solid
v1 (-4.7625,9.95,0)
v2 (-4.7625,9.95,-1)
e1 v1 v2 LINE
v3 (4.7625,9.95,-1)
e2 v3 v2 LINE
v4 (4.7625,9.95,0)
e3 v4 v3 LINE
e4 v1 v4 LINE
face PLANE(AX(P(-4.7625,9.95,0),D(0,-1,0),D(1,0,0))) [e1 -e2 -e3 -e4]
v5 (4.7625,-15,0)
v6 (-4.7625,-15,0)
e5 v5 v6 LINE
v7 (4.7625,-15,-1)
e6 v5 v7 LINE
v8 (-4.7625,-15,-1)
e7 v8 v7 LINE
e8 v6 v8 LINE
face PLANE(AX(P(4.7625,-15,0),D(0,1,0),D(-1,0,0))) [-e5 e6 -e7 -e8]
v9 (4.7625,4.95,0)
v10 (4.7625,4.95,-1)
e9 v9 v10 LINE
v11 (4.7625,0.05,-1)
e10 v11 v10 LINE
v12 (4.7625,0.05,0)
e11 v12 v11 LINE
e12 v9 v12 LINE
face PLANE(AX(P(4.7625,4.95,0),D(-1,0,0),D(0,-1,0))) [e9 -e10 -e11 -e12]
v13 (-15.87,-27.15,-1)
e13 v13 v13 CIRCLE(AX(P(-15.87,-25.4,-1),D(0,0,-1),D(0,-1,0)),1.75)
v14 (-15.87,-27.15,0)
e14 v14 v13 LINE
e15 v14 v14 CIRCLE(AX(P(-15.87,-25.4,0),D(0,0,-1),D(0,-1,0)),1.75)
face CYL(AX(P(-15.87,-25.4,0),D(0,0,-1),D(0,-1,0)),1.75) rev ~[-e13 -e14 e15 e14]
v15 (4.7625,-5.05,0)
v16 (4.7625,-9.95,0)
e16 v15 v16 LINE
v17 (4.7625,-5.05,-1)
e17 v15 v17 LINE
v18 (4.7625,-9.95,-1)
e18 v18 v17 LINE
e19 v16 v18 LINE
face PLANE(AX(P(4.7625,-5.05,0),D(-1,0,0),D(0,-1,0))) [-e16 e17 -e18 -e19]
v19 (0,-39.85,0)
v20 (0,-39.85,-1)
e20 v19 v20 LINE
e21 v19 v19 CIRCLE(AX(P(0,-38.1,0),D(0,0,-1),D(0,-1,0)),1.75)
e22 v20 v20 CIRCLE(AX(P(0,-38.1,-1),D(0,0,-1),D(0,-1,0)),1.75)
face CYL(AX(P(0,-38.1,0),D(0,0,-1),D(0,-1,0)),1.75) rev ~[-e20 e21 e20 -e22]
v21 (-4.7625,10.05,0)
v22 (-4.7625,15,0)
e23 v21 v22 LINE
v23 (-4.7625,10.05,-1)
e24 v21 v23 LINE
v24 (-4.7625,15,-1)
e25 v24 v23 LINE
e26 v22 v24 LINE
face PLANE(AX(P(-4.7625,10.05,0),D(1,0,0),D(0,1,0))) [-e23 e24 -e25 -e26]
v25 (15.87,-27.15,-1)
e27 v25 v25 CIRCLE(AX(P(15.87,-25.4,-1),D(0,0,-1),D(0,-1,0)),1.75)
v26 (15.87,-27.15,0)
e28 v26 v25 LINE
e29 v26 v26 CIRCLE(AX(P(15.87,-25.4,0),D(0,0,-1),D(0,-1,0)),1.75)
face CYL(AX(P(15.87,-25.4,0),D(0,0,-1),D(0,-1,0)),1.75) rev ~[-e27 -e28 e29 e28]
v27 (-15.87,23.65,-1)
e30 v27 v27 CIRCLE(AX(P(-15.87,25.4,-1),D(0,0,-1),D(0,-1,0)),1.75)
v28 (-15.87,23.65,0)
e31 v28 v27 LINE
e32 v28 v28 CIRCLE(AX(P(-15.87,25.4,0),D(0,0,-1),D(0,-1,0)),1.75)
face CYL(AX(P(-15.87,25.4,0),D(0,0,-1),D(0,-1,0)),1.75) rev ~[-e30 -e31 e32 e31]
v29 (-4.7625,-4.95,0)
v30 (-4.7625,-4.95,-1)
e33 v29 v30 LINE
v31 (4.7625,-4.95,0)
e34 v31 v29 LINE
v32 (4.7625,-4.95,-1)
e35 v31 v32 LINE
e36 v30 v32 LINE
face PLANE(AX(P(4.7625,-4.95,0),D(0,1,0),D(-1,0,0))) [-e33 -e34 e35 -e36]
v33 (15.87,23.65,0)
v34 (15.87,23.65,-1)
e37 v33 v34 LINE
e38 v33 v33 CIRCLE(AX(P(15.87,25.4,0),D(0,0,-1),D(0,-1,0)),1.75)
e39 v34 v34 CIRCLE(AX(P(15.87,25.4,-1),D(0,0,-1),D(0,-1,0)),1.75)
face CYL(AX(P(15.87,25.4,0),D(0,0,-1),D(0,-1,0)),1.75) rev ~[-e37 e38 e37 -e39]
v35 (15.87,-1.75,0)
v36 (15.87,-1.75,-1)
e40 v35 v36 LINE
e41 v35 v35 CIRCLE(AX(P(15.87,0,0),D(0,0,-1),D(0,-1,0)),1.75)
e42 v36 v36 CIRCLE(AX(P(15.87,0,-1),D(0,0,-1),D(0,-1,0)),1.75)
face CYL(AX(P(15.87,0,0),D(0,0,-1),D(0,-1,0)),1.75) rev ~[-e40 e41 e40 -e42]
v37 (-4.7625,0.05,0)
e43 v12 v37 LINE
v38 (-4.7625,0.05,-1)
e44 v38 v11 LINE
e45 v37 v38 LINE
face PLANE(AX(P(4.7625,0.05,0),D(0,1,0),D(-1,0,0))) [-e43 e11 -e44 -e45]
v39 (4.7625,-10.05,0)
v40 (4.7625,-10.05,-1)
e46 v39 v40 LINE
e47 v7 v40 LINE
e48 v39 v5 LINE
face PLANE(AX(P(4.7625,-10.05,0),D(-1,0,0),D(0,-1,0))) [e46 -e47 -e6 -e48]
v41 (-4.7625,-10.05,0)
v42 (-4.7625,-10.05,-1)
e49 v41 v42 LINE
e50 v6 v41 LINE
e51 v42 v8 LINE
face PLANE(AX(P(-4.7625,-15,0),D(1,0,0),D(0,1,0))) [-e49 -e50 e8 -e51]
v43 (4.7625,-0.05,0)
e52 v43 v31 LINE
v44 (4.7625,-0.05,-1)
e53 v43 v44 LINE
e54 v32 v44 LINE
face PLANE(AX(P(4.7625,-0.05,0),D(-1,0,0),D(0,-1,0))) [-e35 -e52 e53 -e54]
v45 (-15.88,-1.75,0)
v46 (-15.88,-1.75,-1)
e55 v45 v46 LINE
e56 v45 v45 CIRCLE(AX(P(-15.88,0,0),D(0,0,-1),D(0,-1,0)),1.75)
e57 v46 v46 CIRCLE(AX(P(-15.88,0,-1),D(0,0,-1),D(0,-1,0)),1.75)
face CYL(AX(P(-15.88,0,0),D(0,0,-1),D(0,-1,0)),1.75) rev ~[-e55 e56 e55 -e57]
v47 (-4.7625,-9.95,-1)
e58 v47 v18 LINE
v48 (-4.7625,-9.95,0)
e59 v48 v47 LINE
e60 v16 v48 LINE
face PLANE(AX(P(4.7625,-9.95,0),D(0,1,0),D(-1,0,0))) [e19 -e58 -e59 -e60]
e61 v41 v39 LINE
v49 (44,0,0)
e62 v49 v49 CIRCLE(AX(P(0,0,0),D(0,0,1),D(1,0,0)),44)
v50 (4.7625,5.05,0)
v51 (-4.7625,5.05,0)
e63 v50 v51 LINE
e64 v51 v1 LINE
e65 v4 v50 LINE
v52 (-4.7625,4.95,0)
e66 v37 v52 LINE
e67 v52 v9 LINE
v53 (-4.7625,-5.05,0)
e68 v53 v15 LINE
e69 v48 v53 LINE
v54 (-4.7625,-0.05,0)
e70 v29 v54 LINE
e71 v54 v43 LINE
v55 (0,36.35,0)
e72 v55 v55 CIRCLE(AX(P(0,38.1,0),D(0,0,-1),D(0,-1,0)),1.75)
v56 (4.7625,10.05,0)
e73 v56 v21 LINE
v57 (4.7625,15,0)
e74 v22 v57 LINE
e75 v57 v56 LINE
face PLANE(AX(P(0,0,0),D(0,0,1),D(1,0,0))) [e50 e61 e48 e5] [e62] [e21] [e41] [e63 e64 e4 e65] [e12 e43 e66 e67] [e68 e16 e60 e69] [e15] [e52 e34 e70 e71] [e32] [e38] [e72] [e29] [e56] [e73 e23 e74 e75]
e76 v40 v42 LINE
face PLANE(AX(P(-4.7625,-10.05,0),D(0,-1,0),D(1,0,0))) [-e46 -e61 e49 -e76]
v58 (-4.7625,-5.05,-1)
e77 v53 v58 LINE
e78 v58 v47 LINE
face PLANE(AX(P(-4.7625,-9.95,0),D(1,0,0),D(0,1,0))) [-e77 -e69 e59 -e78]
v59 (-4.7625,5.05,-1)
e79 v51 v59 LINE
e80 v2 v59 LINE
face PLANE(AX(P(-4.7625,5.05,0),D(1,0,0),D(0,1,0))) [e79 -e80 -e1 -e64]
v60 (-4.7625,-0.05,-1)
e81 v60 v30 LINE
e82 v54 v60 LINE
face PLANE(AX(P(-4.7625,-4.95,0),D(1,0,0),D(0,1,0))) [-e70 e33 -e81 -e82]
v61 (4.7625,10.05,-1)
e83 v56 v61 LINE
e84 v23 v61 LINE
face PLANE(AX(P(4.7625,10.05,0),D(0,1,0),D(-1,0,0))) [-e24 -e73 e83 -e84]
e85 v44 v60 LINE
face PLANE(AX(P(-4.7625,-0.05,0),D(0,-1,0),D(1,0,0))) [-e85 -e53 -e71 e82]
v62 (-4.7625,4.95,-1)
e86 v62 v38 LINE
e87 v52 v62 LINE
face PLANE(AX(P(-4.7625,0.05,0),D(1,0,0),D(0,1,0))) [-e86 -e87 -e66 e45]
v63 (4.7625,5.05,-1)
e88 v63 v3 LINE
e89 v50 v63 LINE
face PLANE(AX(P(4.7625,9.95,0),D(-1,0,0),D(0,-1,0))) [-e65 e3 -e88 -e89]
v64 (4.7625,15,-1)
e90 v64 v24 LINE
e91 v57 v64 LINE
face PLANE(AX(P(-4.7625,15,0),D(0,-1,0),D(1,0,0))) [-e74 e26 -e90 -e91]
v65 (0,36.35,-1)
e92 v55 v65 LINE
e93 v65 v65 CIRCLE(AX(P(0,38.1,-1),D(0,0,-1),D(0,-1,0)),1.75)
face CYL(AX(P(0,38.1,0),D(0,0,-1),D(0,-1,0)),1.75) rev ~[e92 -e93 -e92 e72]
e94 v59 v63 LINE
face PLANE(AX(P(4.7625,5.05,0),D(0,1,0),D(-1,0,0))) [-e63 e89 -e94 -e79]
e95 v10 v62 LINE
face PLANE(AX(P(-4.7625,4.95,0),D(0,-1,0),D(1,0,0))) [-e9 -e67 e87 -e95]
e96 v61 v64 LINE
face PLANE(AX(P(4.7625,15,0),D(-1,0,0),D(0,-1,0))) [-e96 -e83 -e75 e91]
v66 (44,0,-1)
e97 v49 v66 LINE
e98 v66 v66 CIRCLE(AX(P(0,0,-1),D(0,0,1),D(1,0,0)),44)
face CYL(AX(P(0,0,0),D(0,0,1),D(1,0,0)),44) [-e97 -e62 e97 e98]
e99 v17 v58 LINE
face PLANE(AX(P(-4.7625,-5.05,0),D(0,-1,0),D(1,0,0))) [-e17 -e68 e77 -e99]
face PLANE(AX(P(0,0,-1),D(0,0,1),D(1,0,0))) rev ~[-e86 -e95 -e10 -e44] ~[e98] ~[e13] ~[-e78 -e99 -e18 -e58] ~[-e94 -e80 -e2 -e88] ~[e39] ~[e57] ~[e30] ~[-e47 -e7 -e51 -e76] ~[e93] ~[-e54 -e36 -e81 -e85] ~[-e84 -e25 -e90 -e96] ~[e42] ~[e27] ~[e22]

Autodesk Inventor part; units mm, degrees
ref_plane "YZ Plane" through (0, 0, 0) normal (1, 0, 0) x (0, 1, 0)
ref_plane "XZ Plane" through (0, 0, 0) normal (0, 1, 0) x (-1, 0, 0)
ref_plane "XY Plane" through (0, 0, 0) normal (0, 0, 1) x (1, 0, 0)
sketch "Sketch1" plane through (0, 0, 0) normal (0, 0, 1) x (1, 0, 0)
  circle A0 centre (0, 0) radius 44
  dimension "d0" = 88
extrude "Extrusion1" add sketch "Sketch1" against normal blind 1
sketch "Sketch2" plane through (0, 0, 0) normal (0, 0, 1) x (1, 0, 0)
  circle A0 centre (0, 0) radius 44 projected
  circle A1 centre (0, 38.1) radius 1.75
  circle A2 centre (0, -38.1) radius 1.75
  circle A3 centre (15.87, 0) radius 1.75
  circle A4 centre (-15.88, 0) radius 1.75
  circle A5 centre (-15.87, 25.4) radius 1.75
  circle A6 centre (-15.87, -25.4) radius 1.75
  circle A7 centre (15.87, 25.4) radius 1.75
  circle A8 centre (15.87, -25.4) radius 1.75
  dimension "d4" = 3.5
  dimension "d6" = 3.5
  dimension "d7" = 76.2
  dimension "d8" = 38.1
  dimension "d9" = 3.5
  dimension "d10" = 3.5
  dimension "d11" = 31.75
  dimension "d12" = 15.87
  dimension "d13" = 3.5
  dimension "d14" = 3.5
  dimension "d15" = 3.5
  dimension "d16" = 3.5
  dimension "d17" = 25.4
  dimension "d18" = 25.4
  dimension "d19" = 25.4
  dimension "d20" = 25.4
  dimension "d21" = 15.87
  dimension "d22" = 15.87
  dimension "d23" = 15.87
  dimension "d24" = 15.87
hole "Hole2" at (-15.87, 25.4, 0) at (0, 38.1, 0) at (15.87, 25.4, 0) at (15.87, 0, 0) at (15.87, -25.4, 0) at (0, -38.1, 0) at (-15.87, -25.4, 0) at (-15.88, 0, 0) direction (0, 0, -1) diameter 3.5 end through all
sketch "Sketch4" plane through (0, 0, 0) normal (0, 0, 1) x (1, 0, 0)
  circle A0 centre (0, 0) radius 44 projected
  line L0 (-4.7625, 15) -> (4.7625, 15)
  line L1 (4.7625, 15) -> (4.7625, 10.05)
  line L2 (4.7625, 10.05) -> (-4.7625, 10.05)
  line L3 (-4.7625, 10.05) -> (-4.7625, 15)
  line L4 (-4.7625, 9.95) -> (4.7625, 9.95)
  line L5 (4.7625, 9.95) -> (4.7625, 5.05)
  line L6 (4.7625, 5.05) -> (-4.7625, 5.05)
  line L7 (-4.7625, 5.05) -> (-4.7625, 9.95)
  line L8 (-4.7625, 4.95) -> (4.7625, 4.95)
  line L9 (4.7625, 4.95) -> (4.7625, 0.05)
  line L10 (4.7625, 0.05) -> (-4.7625, 0.05)
  line L11 (-4.7625, 0.05) -> (-4.7625, 4.95)
  line L12 (-4.7625, -0.05) -> (4.7625, -0.05)
  line L13 (4.7625, -0.05) -> (4.7625, -4.95)
  line L14 (4.7625, -4.95) -> (-4.7625, -4.95)
  line L15 (-4.7625, -4.95) -> (-4.7625, -0.05)
  line L16 (-4.7625, -5.05) -> (4.7625, -5.05)
  line L17 (4.7625, -5.05) -> (4.7625, -9.95)
  line L18 (4.7625, -9.95) -> (-4.7625, -9.95)
  line L19 (-4.7625, -9.95) -> (-4.7625, -5.05)
  line L20 (-4.7625, -10.05) -> (4.7625, -10.05)
  line L21 (4.7625, -10.05) -> (4.7625, -15)
  line L22 (4.7625, -15) -> (-4.7625, -15)
  line L23 (-4.7625, -15) -> (-4.7625, -10.05)
  dimension "d53" = 9.525
  dimension "d55" = 4.95
  dimension "d56" = 15
  dimension "d57" = 4.7625
  dimension "d58" = 4.9
  dimension "d59" = 9.525
  dimension "d60" = 4.7625
  dimension "d61" = 9.95
  dimension "d62" = 4.9
  dimension "d63" = 0.05
  dimension "d64" = 9.525
  dimension "d65" = 4.7625
  dimension "d66" = 9.525
  dimension "d67" = 4.7625
  dimension "d68" = 4.9
  dimension "d69" = 0.05
  dimension "d70" = 4.9
  dimension "d71" = 9.525
  dimension "d72" = 4.7625
  dimension "d73" = 5.05
  dimension "d74" = 10.05
  dimension "d75" = 4.95
  dimension "d76" = 9.525
  dimension "d77" = 4.7625
extrude "Extrusion2" cut sketch "Sketch4" against normal up to next contours L0 L1 L2 L3 | L4 L5 L6 L7 | L8 L9 L10 L11 | L12 L13 L14 L15 | L16 L17 L18 L19 | L20 L21 L22 L23
equation "\"d6\" = d4"
equation "\"d9\" = d4"
equation "\"d10\" = d4"
equation "\"d13\" = d4"
equation "\"d14\" = d4"
equation "\"d15\" = d4"
equation "\"d16\" = d4"
equation "\"d21\" = d12"
equation "\"d22\" = d12"
equation "\"d23\" = d12"
equation "\"d24\" = d12"
equation "\"d37\" = Thickness"
equation "\"d57\" = 0.5 * d53"
equation "\"d59\" = d53"
equation "\"d60\" = 0.5 * d53"
equation "\"d64\" = d53"
equation "\"d65\" = 0.5 * d53"
equation "\"d66\" = d53"
equation "\"d67\" = 0.5 * d53"
equation "\"d71\" = d53"
equation "\"d72\" = 0.5 * d53"
equation "\"d76\" = d53"
equation "\"d77\" = 0.5 * d53"
equation "\"BendRadius\" = Thickness"
equation "\"BendReliefWidth\" = Thickness"
equation "\"BendReliefDepth\" = 0.5 * Thickness"
equation "\"CornerReliefSize\" = 4 * Thickness"
equation "\"MinimumRemnant\" = 2 * Thickness"
equation "\"TransitionRadius\" = BendRadius"
equation "\"JacobiRadiusSize\" = BendRadius"
equation "\"GapSize\" = Thickness"
equation "\"Thickness\" = 0.5"
properties part number "Plate"
